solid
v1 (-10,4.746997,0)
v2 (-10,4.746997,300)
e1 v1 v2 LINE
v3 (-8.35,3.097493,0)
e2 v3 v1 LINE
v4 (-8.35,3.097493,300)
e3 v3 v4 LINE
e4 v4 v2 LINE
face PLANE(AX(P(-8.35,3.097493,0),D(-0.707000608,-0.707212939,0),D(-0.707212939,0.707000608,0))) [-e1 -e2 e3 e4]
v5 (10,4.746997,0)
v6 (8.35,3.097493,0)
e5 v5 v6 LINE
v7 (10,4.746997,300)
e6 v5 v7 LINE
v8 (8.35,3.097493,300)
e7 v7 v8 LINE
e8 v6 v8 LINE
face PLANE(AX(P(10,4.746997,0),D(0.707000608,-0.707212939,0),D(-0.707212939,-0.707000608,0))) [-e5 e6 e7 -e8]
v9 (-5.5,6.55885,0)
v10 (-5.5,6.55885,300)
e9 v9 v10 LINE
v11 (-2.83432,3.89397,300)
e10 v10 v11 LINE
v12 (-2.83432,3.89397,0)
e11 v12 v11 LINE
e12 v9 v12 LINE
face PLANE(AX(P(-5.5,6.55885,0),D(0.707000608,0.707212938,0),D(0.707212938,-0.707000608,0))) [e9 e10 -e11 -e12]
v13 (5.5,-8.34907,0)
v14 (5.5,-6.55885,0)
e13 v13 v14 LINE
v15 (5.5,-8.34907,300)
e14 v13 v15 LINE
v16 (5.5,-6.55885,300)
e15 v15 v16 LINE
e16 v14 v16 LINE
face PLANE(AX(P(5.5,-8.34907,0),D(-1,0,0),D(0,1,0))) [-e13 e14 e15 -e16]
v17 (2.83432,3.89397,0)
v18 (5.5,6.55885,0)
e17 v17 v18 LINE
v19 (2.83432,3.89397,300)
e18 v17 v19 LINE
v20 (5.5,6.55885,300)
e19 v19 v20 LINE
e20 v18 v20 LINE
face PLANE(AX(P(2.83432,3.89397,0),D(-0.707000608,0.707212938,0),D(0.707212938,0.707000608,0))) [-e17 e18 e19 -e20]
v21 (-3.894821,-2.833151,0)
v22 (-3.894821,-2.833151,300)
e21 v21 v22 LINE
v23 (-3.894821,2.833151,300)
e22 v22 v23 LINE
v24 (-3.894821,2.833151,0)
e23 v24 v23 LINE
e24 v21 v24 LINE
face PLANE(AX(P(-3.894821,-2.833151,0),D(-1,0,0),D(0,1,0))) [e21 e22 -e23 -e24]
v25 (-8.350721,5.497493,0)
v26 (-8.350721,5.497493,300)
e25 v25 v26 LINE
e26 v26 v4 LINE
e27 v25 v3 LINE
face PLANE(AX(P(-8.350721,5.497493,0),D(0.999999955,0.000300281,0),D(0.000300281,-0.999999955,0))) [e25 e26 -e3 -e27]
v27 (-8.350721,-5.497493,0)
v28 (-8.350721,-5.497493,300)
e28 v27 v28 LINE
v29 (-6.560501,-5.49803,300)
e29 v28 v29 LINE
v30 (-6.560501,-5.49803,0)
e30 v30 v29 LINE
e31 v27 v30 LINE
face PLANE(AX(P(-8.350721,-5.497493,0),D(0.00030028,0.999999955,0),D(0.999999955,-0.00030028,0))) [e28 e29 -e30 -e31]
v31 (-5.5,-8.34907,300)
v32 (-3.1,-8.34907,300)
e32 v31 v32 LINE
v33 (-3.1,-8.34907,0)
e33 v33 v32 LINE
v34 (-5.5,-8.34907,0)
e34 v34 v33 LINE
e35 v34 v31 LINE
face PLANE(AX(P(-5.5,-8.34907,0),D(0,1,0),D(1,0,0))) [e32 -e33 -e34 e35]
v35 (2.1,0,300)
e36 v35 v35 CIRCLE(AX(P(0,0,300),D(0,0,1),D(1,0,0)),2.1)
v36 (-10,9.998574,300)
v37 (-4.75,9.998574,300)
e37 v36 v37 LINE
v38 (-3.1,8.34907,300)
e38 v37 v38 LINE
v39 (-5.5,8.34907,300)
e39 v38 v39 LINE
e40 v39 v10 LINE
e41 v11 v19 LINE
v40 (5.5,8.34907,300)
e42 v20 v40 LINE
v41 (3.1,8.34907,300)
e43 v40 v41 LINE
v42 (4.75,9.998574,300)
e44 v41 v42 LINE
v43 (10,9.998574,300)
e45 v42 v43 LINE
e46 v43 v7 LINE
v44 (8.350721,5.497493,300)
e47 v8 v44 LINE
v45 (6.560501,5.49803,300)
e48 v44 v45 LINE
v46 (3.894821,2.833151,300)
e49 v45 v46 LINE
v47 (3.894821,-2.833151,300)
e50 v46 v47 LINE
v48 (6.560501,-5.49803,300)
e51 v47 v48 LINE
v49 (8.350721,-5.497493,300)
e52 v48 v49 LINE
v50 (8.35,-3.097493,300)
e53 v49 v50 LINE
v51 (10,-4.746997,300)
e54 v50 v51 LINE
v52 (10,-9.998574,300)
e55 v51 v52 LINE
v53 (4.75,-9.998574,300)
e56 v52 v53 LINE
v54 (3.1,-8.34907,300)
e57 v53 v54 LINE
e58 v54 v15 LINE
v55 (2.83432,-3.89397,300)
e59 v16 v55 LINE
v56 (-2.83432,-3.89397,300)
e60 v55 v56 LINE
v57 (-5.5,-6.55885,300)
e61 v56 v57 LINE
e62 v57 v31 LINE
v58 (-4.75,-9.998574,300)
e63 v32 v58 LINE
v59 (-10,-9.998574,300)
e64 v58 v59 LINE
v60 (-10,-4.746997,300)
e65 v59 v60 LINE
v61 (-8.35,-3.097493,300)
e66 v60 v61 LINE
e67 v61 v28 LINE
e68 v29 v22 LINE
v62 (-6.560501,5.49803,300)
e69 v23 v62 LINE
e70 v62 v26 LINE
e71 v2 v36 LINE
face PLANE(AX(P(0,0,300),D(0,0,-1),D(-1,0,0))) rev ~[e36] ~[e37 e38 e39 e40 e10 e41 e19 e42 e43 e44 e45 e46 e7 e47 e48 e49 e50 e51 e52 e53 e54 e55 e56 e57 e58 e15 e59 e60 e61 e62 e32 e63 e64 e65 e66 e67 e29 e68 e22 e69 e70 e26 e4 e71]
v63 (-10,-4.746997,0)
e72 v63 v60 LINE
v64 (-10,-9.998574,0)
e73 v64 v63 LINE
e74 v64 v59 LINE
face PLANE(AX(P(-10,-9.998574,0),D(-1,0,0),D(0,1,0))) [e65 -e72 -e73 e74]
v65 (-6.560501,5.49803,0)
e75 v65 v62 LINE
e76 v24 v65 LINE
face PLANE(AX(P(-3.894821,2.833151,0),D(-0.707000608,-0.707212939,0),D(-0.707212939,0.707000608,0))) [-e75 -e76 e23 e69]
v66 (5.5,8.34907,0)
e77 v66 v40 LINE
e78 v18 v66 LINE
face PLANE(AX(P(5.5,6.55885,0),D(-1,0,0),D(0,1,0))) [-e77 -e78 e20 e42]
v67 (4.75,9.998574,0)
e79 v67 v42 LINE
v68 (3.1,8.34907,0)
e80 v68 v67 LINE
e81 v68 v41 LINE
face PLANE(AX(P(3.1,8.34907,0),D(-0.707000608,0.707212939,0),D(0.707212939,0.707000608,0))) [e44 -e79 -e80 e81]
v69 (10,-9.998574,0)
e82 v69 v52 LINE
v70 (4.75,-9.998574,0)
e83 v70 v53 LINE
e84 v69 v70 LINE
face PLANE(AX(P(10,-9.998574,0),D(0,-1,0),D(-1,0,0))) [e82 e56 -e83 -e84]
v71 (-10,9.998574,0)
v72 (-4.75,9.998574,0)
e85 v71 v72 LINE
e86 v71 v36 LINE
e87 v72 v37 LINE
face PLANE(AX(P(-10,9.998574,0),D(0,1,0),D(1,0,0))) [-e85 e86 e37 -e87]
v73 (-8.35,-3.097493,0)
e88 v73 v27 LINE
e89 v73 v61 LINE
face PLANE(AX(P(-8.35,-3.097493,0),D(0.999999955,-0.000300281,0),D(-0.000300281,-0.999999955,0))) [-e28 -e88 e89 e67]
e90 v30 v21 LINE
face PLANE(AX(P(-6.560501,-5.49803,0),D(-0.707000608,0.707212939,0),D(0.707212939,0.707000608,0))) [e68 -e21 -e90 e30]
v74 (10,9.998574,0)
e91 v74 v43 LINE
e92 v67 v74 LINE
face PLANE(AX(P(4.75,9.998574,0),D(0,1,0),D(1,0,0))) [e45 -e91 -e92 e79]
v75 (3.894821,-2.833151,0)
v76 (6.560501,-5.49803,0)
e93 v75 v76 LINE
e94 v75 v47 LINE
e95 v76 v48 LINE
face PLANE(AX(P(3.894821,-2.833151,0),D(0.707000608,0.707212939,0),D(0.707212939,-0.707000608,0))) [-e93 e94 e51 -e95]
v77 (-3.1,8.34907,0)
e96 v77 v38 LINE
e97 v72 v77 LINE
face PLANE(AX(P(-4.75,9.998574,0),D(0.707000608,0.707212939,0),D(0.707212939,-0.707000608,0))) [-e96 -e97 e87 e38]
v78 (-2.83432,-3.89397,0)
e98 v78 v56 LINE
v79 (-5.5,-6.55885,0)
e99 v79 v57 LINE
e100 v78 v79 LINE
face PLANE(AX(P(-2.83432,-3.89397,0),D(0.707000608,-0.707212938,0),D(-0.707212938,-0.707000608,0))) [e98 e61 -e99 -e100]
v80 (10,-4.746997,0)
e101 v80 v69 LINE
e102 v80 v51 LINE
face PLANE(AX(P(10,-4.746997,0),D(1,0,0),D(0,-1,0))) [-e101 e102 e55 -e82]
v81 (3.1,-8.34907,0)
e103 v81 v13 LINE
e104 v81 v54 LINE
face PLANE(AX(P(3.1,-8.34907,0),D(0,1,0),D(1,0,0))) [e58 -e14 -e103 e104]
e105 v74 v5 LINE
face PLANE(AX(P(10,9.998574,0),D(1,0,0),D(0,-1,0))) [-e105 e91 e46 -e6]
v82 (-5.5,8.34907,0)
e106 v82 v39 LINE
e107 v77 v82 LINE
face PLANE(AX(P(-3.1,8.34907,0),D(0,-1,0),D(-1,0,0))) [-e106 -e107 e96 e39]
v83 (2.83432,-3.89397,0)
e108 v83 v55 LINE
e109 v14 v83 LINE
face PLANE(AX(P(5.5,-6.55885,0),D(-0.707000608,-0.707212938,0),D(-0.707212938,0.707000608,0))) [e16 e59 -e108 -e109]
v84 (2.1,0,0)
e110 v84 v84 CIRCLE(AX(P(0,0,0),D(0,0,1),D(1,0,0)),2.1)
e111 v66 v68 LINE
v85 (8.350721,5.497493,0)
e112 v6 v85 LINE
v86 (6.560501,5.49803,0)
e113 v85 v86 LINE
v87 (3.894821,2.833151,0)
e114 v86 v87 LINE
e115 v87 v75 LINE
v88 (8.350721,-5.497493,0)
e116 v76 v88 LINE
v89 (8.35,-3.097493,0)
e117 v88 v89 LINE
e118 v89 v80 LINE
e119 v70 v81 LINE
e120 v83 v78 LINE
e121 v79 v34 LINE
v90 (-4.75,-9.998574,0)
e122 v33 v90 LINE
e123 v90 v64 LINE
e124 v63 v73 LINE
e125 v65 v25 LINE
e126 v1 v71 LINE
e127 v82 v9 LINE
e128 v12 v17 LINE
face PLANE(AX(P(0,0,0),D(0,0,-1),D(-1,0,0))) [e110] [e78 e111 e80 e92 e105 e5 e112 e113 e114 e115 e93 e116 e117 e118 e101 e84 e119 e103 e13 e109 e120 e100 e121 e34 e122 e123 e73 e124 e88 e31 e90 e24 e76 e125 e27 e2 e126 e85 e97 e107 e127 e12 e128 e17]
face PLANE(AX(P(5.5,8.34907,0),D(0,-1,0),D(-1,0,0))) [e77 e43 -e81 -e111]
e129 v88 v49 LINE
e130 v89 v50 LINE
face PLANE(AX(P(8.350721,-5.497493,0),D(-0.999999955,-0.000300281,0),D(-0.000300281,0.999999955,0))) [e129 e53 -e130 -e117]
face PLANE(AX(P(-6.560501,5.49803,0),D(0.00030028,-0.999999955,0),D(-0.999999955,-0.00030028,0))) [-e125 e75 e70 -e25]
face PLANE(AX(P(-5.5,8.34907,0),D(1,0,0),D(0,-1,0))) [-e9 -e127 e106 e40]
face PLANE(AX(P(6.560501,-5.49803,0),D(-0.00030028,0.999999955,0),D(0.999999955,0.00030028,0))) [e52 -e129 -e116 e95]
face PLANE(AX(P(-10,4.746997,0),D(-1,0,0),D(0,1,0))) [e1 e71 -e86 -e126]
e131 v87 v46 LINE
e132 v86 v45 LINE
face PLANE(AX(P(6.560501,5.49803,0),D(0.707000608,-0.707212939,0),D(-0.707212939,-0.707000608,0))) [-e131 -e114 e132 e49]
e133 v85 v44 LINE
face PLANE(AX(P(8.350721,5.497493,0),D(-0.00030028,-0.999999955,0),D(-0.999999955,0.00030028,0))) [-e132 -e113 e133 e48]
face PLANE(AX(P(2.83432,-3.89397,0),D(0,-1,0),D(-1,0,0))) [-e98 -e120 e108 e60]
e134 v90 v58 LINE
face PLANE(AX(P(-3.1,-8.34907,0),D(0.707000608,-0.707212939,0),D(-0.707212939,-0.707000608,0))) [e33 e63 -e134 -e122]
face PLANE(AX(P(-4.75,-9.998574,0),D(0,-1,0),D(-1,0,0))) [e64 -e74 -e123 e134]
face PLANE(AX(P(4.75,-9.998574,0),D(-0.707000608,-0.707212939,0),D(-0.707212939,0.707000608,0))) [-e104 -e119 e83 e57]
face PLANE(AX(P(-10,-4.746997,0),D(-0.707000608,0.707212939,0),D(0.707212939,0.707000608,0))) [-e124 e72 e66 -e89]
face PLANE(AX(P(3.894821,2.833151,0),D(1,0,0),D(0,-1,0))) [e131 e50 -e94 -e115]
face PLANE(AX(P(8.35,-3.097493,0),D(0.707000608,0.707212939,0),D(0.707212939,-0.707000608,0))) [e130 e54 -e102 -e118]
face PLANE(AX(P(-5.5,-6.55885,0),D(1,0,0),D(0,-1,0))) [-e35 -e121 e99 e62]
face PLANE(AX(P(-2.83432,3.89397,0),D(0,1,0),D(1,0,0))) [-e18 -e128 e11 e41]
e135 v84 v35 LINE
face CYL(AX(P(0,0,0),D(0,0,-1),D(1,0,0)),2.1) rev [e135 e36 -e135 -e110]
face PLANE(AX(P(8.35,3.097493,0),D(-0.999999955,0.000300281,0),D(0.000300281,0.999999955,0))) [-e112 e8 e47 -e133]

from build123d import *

# Parameters (mm, degrees)
SKETCH1_R           = 2.1
BOSS_EXTRUDE1_DEPTH = 300


with BuildPart() as part:
    # Sketch1 → Boss-Extrude1 (new body)
    with BuildSketch(Plane.XY):
        Polygon((2.834320347, 3.893970342), (5.5, 6.558849663), (5.5, 8.349069506), (3.1, 8.349069506), (4.75, 9.998574117), (10, 9.998574117), (10, 4.746997406), (8.35, 3.097492795), (8.350720674, 5.497492687), (6.560500912, 5.498030255), (3.894821259, 2.833150935), (3.894821259, -2.833150935), (6.560500912, -5.498030255), (8.350720674, -5.497492687), (8.35, -3.097492795), (10, -4.746997406), (10, -9.998574117), (4.75, -9.998574117), (3.1, -8.349069506), (5.5, -8.349069506), (5.5, -6.558849663), (2.834320347, -3.893970342), (-2.834320347, -3.893970342), (-5.5, -6.558849663), (-5.5, -8.349069506), (-3.1, -8.349069506), (-4.75, -9.998574117), (-10, -9.998574117), (-10, -4.746997406), (-8.35, -3.097492795), (-8.350720674, -5.497492687), (-6.560500912, -5.498030255), (-3.894821259, -2.833150935), (-3.894821259, 2.833150935), (-6.560500912, 5.498030255), (-8.350720674, 5.497492687), (-8.35, 3.097492795), (-10, 4.746997406), (-10, 9.998574117), (-4.75, 9.998574117), (-3.1, 8.349069506), (-5.5, 8.349069506), (-5.5, 6.558849663), (-2.834320347, 3.893970342), align=None)
        Circle(SKETCH1_R, mode=Mode.SUBTRACT)
    extrude(amount=BOSS_EXTRUDE1_DEPTH)


solid = part.part
